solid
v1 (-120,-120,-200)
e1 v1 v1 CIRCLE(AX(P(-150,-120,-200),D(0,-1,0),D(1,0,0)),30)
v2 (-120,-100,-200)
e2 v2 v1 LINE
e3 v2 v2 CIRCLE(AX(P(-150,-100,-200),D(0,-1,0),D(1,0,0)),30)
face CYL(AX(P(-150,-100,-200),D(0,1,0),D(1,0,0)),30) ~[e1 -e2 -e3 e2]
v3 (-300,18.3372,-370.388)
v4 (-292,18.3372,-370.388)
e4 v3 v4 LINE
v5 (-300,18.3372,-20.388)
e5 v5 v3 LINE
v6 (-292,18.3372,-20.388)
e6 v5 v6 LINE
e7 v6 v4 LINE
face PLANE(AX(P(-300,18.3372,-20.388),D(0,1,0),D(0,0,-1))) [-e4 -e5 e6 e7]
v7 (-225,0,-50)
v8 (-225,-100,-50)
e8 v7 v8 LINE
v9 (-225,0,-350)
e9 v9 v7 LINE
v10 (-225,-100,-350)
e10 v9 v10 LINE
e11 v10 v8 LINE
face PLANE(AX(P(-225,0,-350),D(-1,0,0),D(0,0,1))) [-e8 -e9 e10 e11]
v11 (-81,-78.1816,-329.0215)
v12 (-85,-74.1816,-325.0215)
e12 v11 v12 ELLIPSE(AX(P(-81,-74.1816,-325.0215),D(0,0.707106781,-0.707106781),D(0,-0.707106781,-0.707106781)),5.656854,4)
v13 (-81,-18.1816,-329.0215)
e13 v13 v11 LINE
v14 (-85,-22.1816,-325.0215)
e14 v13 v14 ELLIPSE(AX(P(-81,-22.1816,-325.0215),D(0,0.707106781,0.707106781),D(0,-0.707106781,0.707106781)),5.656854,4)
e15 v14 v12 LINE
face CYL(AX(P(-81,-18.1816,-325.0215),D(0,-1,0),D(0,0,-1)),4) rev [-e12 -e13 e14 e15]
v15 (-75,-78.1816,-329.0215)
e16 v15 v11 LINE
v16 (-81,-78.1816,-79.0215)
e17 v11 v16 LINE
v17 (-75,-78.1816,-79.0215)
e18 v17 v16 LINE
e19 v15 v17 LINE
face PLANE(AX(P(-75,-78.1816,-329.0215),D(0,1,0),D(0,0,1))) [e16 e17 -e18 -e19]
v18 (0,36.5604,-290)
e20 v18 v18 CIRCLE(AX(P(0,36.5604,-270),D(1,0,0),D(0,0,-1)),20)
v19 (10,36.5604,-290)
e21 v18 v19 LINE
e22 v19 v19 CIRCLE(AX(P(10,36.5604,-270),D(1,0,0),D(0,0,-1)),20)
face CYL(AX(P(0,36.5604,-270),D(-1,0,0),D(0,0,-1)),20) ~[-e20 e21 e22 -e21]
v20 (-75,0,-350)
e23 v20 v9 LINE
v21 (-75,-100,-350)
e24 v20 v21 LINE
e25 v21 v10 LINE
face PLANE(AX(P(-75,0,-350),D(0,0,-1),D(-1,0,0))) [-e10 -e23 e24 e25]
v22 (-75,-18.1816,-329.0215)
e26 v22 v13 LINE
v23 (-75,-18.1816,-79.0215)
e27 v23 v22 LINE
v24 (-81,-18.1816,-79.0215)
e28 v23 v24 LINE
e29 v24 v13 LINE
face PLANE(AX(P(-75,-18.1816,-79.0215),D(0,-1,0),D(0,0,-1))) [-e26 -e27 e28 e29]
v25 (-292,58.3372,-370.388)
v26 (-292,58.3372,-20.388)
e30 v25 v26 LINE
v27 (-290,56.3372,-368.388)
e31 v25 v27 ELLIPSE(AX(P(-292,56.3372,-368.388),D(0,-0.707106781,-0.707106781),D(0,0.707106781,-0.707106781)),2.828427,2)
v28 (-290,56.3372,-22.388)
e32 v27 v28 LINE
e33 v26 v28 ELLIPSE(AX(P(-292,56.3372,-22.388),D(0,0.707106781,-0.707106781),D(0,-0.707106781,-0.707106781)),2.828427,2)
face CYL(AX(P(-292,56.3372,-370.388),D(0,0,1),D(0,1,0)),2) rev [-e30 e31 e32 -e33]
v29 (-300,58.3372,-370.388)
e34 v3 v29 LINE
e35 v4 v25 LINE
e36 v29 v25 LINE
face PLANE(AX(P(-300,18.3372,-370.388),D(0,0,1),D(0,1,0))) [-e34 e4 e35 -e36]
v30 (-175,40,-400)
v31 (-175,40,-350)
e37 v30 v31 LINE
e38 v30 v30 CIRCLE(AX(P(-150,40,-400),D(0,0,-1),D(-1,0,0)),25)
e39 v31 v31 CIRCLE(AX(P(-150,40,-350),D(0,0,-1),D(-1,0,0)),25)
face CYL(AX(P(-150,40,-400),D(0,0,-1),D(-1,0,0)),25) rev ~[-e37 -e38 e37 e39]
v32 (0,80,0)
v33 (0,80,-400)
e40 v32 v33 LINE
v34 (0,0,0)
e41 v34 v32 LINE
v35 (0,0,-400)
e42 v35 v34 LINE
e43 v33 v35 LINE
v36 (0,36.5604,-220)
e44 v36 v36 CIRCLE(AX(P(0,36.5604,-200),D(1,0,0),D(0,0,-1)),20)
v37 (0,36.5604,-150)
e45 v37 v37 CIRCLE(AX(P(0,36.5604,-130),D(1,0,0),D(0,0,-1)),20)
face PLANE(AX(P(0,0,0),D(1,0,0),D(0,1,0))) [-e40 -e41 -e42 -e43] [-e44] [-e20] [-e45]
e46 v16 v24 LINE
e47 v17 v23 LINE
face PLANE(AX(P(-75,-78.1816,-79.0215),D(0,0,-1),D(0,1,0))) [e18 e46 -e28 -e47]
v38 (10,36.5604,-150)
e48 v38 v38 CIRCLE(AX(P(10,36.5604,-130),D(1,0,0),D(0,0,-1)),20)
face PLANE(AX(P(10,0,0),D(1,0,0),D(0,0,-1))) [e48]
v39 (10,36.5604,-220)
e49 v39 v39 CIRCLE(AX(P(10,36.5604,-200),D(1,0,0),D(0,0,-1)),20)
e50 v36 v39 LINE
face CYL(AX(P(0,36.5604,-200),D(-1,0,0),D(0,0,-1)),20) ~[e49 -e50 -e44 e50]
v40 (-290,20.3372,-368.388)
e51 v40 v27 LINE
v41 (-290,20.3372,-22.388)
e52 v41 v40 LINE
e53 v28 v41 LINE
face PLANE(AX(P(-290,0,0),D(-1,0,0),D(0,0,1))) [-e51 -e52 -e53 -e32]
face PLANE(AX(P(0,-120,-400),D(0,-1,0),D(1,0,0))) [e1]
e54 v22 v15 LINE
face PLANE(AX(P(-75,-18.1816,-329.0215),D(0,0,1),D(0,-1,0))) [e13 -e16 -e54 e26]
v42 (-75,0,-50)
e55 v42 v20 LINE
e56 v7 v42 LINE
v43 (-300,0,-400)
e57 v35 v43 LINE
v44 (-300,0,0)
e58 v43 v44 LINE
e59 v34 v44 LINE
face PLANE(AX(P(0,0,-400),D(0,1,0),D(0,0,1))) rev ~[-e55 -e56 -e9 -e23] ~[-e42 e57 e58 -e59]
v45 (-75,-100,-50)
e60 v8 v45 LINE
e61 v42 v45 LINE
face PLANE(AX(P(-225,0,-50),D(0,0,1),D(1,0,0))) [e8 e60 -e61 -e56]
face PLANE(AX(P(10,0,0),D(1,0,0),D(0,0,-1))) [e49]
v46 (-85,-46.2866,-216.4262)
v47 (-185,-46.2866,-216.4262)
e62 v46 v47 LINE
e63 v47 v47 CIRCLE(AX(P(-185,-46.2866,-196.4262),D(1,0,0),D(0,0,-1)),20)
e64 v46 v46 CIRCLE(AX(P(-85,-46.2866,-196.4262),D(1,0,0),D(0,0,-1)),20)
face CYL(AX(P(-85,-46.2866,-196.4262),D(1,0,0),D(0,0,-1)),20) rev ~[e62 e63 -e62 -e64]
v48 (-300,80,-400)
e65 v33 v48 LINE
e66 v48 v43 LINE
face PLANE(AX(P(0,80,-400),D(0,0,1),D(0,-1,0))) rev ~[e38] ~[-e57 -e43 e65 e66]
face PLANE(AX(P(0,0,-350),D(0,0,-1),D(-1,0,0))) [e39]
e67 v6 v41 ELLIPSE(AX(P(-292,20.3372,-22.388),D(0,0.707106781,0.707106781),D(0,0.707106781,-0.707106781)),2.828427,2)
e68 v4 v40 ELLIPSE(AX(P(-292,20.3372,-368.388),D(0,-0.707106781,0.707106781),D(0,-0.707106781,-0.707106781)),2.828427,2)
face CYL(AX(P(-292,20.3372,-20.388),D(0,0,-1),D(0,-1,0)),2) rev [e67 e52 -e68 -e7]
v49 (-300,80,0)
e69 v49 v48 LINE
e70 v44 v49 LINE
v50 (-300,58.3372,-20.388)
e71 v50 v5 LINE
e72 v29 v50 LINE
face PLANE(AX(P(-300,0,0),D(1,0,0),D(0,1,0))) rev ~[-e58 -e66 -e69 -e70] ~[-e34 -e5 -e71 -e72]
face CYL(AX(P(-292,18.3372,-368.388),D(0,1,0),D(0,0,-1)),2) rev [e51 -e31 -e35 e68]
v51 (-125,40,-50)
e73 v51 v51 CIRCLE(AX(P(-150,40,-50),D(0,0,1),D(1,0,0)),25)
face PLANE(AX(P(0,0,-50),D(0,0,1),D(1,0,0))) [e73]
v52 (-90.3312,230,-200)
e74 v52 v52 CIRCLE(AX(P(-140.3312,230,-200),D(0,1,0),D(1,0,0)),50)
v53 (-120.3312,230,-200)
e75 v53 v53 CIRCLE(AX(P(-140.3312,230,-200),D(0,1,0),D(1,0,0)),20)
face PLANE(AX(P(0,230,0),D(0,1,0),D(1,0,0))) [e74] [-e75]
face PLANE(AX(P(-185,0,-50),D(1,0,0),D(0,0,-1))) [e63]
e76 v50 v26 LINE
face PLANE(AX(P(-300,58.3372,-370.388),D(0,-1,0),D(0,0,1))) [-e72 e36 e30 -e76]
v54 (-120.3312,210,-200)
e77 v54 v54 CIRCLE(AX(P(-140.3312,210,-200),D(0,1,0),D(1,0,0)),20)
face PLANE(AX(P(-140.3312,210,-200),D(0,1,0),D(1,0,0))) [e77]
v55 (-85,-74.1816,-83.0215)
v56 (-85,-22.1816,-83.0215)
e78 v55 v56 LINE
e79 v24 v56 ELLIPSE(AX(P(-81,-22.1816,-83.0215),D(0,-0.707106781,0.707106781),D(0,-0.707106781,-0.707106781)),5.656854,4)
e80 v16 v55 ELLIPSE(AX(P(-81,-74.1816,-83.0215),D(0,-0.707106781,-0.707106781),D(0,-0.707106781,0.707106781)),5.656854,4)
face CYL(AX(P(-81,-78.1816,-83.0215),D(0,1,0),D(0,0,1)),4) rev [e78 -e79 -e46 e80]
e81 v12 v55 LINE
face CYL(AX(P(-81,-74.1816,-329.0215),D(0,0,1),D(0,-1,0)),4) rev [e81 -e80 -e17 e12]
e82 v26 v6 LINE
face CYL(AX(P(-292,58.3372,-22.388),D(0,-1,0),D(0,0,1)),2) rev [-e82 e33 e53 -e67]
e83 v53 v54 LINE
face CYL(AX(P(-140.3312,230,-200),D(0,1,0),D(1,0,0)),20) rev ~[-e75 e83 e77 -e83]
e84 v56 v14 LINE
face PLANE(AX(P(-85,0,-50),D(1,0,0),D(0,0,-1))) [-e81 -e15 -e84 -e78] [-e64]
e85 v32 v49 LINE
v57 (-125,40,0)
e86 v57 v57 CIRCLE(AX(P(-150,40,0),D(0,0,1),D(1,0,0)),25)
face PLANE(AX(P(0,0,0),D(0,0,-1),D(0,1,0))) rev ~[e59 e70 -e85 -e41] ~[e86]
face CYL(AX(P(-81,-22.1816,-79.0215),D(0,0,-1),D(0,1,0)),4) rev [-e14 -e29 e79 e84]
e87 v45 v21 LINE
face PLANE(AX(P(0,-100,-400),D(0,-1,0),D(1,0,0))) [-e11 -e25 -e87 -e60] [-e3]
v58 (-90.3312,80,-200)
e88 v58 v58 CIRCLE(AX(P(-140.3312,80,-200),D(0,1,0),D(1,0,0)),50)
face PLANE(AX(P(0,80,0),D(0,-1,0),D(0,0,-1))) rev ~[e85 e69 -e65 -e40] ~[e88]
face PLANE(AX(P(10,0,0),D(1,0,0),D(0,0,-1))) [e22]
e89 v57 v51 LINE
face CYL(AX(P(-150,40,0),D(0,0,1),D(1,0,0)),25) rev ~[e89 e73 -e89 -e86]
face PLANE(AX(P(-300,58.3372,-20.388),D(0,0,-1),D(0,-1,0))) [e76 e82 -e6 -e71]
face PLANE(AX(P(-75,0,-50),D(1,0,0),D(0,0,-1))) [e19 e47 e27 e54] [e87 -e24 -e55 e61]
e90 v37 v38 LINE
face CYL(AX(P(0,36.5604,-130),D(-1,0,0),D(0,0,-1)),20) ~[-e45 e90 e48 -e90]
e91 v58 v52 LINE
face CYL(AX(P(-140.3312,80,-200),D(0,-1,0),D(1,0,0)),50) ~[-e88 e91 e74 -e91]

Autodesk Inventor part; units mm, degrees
ref_plane "YZ Plane" through (0, 0, 0) normal (1, 0, 0) x (0, 1, 0)
ref_plane "XZ Plane" through (0, 0, 0) normal (0, 1, 0) x (-1, 0, 0)
ref_plane "XY Plane" through (0, 0, 0) normal (0, 0, 1) x (1, 0, 0)
sketch "Sketch1" plane through (0, 0, 0) normal (1, 0, 0) x (0, 1, 0)
  line L0 (0, 0) -> (80, 0)
  line L1 (80, 0) -> (80, -400)
  line L2 (80, -400) -> (0, -400)
  line L3 (0, -400) -> (0, 0)
  dimension "d0" = 80
  dimension "d1" = 400
extrude "Extrusion1" add sketch "Sketch1" against normal blind 300
sketch "Sketch2" plane through (0, 0, 0) normal (1, 0, 0) x (0, 0, -1)
  circle A0 centre (130, 36.5604) radius 20
  circle A1 centre (200, 36.5604) radius 20
  circle A2 centre (270, 36.5604) radius 20
  line L0 (0, 80) -> (0, 0) projected
  line L1 (400, 0) -> (400, 80) projected
  dimension "d4" = 40
  dimension "d5" = 40
  dimension "d6" = 40
  dimension "d7" = 130
  dimension "d8" = 130
  dimension "d9" = 70
extrude "Extrusion2" add sketch "Sketch2" along normal blind 10 contours A0
extrude "Extrusion3" add sketch "Sketch2" along normal blind 10 contours A1
extrude "Extrusion4" add sketch "Sketch2" along normal blind 10 contours A2
sketch "Sketch3" plane through (0, 80, 0) normal (0, 1, 0) x (1, 0, 0)
  circle A0 centre (-140.3312, 200) radius 50
  line L0 (0, 0) -> (-300, 0) projected
  dimension "d16" = 100
  dimension "d17" = 200
extrude "Extrusion5" add sketch "Sketch3" along normal blind 150
sketch "Sketch4" plane through (-140.3312, 230, -200) normal (0, 1, 0) x (1, 0, 0)
  circle A0 centre (0, 0) radius 20
  point P0 (140.3312, -200)
  dimension "d20" = 40
extrude "Extrusion6" cut sketch "Sketch4" against normal blind 20
sketch "Sketch5" plane through (0, 0, -400) normal (0, -1, 0) x (1, 0, 0)
  line L0 (-75, 350) -> (-75, 50)
  line L1 (-75, 50) -> (-225, 50)
  line L2 (-225, 50) -> (-225, 350)
  line L3 (-225, 350) -> (-75, 350)
  line L4 (0, 400) -> (0, 0) projected
  line L5 (0, 0) -> (-300, 0) projected
  dimension "d23" = 300
  dimension "d24" = 150
  dimension "d25" = 300
  dimension "d26" = 75
  dimension "d27" = 50
sketch "Sketch6" plane through (0, 0, -400) normal (0, -1, 0) x (1, 0, 0)
  point P0 (0, 400)
extrude "Extrusion7" add sketch "Sketch5" along normal blind 100
sketch "Sketch7" plane through (0, -100, -400) normal (0, -1, 0) x (1, 0, 0)
  circle A0 centre (-150, 200) radius 30
  line L0 (-225, 50) -> (-75, 50) projected
  line L1 (-75, 50) -> (-75, 350) projected
  point P0 (0, 400)
  dimension "d30" = 60
  dimension "d31" = 150
  dimension "d32" = 75
extrude "Extrusion8" add sketch "Sketch7" along normal blind 20
sketch "Sketch8" plane through (-150, -120, -200) normal (0, -1, 0) x (1, 0, 0)
  point P0 (150, 200)
sketch "Sketch9" plane through (0, 0, 0) normal (0, 0, 1) x (1, 0, 0)
  circle A0 centre (-150, 40) radius 25
  line L0 (-300, 0) -> (-300, 80) projected
  line L1 (0, 80) -> (-300, 80) projected
  point P0 (0, 0)
  dimension "d35" = 50
  dimension "d36" = 150
  dimension "d37" = 40
extrude "Extrusion9" cut sketch "Sketch9" against normal blind 50
sketch "Sketch10" plane through (0, 0, -400) normal (0, 0, -1) x (-1, 0, 0)
  circle A0 centre (150, 40) radius 25 projected
  circle A1 centre (150, 40) radius 25
  point P0 (0, 0)
extrude "Extrusion10" cut sketch "Sketch10" against normal blind 50
sketch "Sketch11" plane through (-75, 0, -50) normal (1, 0, 0) x (0, 0, -1)
  line L0 (29.0215, -18.1816) -> (279.0215, -18.1816)
  line L1 (279.0215, -18.1816) -> (279.0215, -78.1816)
  line L2 (279.0215, -78.1816) -> (29.0215, -78.1816)
  line L3 (29.0215, -78.1816) -> (29.0215, -18.1816)
  point P0 (-50, 0)
  dimension "d42" = 250
  dimension "d43" = 60
extrude "Extrusion11" cut sketch "Sketch11" against normal blind 10
fillet "Fillet1" radius 4 4 edges at (-85, -48.1816, -329.0215) (-85, -18.1816, -204.0215) (-85, -78.1816, -204.0215) (-85, -48.1816, -79.0215)
sketch "Sketch12" plane through (-300, 0, 0) normal (-1, 0, 0) x (0, 0, 1)
  line L0 (-20.388, 18.3372) -> (-370.388, 18.3372)
  line L1 (-370.388, 18.3372) -> (-370.388, 58.3372)
  line L2 (-370.388, 58.3372) -> (-20.388, 58.3372)
  line L3 (-20.388, 58.3372) -> (-20.388, 18.3372)
  point P0 (0, 0)
  dimension "d47" = 350
  dimension "d48" = 40
extrude "Extrusion12" cut sketch "Sketch12" against normal blind 10
fillet "Fillet2" radius 2 4 edges at (-290, 18.3372, -195.388) (-290, 38.3372, -370.388) (-290, 38.3372, -20.388) (-290, 58.3372, -195.388)
sketch "Sketch13" plane through (-85, 0, -50) normal (1, 0, 0) x (0, 0, -1)
  circle A0 centre (146.4262, -46.2866) radius 20
  point P0 (-50, 0)
  dimension "d52" = 40
extrude "Extrusion13" cut sketch "Sketch13" against normal blind 100
